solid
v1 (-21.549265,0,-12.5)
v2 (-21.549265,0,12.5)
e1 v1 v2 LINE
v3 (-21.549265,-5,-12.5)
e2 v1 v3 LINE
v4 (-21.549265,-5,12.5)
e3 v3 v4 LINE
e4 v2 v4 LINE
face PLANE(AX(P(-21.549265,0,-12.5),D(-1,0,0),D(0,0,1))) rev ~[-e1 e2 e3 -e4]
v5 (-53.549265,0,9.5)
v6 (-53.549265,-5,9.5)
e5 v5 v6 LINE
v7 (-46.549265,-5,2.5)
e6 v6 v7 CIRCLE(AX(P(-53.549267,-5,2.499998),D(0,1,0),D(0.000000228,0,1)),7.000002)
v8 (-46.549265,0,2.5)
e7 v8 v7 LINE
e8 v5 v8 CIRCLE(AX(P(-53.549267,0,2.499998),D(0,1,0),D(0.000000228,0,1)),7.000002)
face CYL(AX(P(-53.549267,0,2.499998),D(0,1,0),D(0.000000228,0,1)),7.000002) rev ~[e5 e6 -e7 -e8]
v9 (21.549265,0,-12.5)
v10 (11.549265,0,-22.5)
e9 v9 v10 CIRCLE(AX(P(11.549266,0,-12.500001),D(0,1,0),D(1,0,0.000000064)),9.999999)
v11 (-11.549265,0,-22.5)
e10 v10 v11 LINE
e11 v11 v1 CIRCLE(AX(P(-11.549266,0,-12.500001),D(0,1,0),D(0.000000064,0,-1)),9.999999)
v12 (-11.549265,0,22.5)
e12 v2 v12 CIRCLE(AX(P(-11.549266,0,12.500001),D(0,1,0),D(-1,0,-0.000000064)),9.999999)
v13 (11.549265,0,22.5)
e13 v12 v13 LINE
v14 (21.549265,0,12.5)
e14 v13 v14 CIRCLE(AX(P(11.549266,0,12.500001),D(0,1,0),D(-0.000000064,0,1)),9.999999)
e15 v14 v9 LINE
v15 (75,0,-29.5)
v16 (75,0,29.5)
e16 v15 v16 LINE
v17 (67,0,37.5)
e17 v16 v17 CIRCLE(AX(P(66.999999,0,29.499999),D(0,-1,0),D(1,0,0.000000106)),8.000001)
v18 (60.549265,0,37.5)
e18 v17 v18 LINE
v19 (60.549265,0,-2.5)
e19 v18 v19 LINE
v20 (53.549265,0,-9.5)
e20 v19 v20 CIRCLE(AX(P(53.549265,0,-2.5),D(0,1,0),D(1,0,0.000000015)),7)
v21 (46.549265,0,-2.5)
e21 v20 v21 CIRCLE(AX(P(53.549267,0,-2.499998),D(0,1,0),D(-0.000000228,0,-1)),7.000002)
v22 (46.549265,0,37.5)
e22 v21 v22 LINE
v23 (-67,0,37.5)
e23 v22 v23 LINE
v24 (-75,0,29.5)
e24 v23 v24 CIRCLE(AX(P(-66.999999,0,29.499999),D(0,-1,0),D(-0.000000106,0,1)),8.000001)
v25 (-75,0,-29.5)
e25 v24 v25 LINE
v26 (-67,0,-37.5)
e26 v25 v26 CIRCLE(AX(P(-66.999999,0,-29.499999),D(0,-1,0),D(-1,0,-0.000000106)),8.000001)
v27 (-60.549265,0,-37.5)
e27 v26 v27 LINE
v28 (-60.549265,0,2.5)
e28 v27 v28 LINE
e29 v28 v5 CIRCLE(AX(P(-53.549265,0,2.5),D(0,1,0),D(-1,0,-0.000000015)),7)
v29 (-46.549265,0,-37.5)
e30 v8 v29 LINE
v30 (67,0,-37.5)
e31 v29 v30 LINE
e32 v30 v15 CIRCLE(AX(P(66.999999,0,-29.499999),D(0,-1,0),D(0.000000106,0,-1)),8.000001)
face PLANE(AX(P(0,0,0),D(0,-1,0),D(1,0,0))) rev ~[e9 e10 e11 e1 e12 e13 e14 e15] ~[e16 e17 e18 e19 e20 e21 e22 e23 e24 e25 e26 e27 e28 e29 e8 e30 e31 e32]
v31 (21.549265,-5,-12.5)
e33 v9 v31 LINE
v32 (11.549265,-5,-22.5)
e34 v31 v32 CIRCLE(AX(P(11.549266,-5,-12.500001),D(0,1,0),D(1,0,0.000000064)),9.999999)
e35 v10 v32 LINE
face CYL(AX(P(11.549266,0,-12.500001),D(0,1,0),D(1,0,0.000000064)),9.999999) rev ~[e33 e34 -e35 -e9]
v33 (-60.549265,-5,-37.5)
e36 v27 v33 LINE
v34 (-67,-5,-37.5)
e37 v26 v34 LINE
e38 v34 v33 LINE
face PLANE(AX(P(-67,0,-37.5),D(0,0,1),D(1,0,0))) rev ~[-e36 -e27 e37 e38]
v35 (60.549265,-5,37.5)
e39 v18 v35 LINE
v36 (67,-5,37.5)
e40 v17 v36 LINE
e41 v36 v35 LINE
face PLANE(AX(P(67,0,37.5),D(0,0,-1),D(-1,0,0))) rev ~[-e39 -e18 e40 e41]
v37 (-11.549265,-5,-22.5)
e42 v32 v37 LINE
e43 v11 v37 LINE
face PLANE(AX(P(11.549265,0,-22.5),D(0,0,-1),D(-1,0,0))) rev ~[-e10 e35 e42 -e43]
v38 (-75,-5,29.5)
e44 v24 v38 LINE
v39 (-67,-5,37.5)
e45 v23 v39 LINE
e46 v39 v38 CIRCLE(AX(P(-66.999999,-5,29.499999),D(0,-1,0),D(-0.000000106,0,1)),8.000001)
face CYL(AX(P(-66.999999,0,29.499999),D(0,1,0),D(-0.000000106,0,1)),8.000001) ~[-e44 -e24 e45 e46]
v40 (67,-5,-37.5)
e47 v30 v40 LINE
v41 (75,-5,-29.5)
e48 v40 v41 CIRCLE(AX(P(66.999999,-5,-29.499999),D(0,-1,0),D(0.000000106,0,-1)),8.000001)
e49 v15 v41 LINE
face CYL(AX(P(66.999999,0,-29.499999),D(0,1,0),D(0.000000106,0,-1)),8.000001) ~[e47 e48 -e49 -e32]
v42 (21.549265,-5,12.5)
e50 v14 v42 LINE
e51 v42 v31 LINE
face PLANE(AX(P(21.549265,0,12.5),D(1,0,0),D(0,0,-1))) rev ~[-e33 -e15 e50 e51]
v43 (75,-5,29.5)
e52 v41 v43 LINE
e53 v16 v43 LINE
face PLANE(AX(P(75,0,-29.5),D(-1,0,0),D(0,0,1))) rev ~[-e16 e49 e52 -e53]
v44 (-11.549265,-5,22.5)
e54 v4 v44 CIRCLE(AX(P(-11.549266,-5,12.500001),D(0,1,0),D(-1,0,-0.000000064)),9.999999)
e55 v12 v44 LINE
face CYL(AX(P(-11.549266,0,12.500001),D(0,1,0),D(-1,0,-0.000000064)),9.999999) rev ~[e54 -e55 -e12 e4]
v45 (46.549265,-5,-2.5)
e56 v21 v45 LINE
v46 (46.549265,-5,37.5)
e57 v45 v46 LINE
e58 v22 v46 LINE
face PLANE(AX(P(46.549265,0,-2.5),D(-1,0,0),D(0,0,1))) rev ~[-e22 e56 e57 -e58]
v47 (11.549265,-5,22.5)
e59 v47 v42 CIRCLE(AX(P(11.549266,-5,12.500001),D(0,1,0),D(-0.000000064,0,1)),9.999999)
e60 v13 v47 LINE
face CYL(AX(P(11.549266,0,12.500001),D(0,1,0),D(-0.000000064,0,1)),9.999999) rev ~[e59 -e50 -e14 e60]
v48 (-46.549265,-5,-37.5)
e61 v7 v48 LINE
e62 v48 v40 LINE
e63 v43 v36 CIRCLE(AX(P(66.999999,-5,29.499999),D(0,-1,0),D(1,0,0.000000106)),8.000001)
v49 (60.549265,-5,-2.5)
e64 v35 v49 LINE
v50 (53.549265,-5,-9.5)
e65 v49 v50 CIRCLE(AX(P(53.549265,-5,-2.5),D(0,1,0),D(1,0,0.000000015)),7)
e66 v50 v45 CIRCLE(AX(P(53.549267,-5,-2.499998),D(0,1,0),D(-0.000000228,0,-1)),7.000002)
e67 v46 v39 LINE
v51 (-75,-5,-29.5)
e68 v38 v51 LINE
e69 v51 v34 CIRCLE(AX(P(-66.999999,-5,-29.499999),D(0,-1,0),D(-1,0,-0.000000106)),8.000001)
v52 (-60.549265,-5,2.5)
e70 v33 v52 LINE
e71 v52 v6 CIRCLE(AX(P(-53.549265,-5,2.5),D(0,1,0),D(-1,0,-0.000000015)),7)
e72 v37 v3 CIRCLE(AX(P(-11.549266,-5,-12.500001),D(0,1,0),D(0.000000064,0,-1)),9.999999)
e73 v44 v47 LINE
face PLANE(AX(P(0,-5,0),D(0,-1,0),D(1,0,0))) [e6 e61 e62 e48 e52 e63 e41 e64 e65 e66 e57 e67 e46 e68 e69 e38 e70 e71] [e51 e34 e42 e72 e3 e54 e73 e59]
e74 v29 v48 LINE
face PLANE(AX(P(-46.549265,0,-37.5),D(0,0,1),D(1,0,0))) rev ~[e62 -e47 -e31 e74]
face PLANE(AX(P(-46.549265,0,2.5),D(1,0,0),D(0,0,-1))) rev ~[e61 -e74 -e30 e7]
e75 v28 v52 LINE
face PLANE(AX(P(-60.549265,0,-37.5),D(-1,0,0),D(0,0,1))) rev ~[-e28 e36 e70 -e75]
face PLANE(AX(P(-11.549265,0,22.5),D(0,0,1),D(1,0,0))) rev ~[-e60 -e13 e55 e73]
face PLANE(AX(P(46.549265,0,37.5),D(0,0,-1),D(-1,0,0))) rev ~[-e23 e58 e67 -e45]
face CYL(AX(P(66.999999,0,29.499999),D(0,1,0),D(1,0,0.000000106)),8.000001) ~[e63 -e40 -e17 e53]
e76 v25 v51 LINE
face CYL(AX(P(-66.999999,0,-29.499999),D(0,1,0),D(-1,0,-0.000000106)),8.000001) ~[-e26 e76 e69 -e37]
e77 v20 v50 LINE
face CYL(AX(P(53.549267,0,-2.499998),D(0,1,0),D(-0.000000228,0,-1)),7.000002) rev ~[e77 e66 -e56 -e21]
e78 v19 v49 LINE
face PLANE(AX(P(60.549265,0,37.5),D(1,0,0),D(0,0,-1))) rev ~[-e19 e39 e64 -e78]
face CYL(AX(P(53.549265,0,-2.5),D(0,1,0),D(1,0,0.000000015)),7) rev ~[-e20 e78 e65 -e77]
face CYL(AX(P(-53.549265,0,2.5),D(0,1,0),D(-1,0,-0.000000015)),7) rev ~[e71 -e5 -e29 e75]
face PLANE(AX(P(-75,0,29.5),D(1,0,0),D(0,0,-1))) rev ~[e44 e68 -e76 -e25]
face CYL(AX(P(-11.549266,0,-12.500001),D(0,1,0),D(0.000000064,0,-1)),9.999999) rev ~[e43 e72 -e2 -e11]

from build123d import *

# Parameters (mm, degrees)
F1_DEPTH = 5


with BuildPart() as f1:
    # F0 (on Front) → F1 (new body)
    with BuildSketch(Plane.XZ):
        with BuildLine():
            ThreePointArc((-75, -29.5), (-72.656854, -35.156854), (-67, -37.5))
            Line((-67, -37.5), (-60.549265, -37.5))
            Line((-60.549265, -37.5), (-60.549265, 2.5))
            ThreePointArc((-60.549265, 2.5), (-58.499013, 7.449747), (-53.549265, 9.5))
            ThreePointArc((-53.549265, 9.5), (-48.599518, 7.449747), (-46.549265, 2.5))
            Line((-46.549265, 2.5), (-46.549265, -37.5))
            Line((-46.549265, -37.5), (67, -37.5))
            ThreePointArc((67, -37.5), (72.656854, -35.156854), (75, -29.5))
            Line((75, -29.5), (75, 29.5))
            ThreePointArc((75, 29.5), (72.656854, 35.156854), (67, 37.5))
            Line((67, 37.5), (60.549265, 37.5))
            Line((60.549265, 37.5), (60.549265, -2.5))
            ThreePointArc((60.549265, -2.5), (58.499013, -7.449747), (53.549265, -9.5))
            ThreePointArc((53.549265, -9.5), (48.599518, -7.449747), (46.549265, -2.5))
            Line((46.549265, -2.5), (46.549265, 37.5))
            Line((46.549265, 37.5), (-67, 37.5))
            ThreePointArc((-67, 37.5), (-72.656854, 35.156854), (-75, 29.5))
            Line((-75, 29.5), (-75, -29.5))
        make_face()
        with BuildLine():
            ThreePointArc((-21.549265, 12.5), (-18.620333, 19.571068), (-11.549265, 22.5))
            Line((-11.549265, 22.5), (11.549265, 22.5))
            ThreePointArc((11.549265, 22.5), (18.620333, 19.571068), (21.549265, 12.5))
            Line((21.549265, 12.5), (21.549265, -12.5))
            ThreePointArc((21.549265, -12.5), (18.620333, -19.571068), (11.549265, -22.5))
            Line((11.549265, -22.5), (-11.549265, -22.5))
            ThreePointArc((-11.549265, -22.5), (-18.620333, -19.571068), (-21.549265, -12.5))
            Line((-21.549265, -12.5), (-21.549265, 12.5))
        make_face(mode=Mode.SUBTRACT)
    extrude(amount=F1_DEPTH)


solid = f1.part
